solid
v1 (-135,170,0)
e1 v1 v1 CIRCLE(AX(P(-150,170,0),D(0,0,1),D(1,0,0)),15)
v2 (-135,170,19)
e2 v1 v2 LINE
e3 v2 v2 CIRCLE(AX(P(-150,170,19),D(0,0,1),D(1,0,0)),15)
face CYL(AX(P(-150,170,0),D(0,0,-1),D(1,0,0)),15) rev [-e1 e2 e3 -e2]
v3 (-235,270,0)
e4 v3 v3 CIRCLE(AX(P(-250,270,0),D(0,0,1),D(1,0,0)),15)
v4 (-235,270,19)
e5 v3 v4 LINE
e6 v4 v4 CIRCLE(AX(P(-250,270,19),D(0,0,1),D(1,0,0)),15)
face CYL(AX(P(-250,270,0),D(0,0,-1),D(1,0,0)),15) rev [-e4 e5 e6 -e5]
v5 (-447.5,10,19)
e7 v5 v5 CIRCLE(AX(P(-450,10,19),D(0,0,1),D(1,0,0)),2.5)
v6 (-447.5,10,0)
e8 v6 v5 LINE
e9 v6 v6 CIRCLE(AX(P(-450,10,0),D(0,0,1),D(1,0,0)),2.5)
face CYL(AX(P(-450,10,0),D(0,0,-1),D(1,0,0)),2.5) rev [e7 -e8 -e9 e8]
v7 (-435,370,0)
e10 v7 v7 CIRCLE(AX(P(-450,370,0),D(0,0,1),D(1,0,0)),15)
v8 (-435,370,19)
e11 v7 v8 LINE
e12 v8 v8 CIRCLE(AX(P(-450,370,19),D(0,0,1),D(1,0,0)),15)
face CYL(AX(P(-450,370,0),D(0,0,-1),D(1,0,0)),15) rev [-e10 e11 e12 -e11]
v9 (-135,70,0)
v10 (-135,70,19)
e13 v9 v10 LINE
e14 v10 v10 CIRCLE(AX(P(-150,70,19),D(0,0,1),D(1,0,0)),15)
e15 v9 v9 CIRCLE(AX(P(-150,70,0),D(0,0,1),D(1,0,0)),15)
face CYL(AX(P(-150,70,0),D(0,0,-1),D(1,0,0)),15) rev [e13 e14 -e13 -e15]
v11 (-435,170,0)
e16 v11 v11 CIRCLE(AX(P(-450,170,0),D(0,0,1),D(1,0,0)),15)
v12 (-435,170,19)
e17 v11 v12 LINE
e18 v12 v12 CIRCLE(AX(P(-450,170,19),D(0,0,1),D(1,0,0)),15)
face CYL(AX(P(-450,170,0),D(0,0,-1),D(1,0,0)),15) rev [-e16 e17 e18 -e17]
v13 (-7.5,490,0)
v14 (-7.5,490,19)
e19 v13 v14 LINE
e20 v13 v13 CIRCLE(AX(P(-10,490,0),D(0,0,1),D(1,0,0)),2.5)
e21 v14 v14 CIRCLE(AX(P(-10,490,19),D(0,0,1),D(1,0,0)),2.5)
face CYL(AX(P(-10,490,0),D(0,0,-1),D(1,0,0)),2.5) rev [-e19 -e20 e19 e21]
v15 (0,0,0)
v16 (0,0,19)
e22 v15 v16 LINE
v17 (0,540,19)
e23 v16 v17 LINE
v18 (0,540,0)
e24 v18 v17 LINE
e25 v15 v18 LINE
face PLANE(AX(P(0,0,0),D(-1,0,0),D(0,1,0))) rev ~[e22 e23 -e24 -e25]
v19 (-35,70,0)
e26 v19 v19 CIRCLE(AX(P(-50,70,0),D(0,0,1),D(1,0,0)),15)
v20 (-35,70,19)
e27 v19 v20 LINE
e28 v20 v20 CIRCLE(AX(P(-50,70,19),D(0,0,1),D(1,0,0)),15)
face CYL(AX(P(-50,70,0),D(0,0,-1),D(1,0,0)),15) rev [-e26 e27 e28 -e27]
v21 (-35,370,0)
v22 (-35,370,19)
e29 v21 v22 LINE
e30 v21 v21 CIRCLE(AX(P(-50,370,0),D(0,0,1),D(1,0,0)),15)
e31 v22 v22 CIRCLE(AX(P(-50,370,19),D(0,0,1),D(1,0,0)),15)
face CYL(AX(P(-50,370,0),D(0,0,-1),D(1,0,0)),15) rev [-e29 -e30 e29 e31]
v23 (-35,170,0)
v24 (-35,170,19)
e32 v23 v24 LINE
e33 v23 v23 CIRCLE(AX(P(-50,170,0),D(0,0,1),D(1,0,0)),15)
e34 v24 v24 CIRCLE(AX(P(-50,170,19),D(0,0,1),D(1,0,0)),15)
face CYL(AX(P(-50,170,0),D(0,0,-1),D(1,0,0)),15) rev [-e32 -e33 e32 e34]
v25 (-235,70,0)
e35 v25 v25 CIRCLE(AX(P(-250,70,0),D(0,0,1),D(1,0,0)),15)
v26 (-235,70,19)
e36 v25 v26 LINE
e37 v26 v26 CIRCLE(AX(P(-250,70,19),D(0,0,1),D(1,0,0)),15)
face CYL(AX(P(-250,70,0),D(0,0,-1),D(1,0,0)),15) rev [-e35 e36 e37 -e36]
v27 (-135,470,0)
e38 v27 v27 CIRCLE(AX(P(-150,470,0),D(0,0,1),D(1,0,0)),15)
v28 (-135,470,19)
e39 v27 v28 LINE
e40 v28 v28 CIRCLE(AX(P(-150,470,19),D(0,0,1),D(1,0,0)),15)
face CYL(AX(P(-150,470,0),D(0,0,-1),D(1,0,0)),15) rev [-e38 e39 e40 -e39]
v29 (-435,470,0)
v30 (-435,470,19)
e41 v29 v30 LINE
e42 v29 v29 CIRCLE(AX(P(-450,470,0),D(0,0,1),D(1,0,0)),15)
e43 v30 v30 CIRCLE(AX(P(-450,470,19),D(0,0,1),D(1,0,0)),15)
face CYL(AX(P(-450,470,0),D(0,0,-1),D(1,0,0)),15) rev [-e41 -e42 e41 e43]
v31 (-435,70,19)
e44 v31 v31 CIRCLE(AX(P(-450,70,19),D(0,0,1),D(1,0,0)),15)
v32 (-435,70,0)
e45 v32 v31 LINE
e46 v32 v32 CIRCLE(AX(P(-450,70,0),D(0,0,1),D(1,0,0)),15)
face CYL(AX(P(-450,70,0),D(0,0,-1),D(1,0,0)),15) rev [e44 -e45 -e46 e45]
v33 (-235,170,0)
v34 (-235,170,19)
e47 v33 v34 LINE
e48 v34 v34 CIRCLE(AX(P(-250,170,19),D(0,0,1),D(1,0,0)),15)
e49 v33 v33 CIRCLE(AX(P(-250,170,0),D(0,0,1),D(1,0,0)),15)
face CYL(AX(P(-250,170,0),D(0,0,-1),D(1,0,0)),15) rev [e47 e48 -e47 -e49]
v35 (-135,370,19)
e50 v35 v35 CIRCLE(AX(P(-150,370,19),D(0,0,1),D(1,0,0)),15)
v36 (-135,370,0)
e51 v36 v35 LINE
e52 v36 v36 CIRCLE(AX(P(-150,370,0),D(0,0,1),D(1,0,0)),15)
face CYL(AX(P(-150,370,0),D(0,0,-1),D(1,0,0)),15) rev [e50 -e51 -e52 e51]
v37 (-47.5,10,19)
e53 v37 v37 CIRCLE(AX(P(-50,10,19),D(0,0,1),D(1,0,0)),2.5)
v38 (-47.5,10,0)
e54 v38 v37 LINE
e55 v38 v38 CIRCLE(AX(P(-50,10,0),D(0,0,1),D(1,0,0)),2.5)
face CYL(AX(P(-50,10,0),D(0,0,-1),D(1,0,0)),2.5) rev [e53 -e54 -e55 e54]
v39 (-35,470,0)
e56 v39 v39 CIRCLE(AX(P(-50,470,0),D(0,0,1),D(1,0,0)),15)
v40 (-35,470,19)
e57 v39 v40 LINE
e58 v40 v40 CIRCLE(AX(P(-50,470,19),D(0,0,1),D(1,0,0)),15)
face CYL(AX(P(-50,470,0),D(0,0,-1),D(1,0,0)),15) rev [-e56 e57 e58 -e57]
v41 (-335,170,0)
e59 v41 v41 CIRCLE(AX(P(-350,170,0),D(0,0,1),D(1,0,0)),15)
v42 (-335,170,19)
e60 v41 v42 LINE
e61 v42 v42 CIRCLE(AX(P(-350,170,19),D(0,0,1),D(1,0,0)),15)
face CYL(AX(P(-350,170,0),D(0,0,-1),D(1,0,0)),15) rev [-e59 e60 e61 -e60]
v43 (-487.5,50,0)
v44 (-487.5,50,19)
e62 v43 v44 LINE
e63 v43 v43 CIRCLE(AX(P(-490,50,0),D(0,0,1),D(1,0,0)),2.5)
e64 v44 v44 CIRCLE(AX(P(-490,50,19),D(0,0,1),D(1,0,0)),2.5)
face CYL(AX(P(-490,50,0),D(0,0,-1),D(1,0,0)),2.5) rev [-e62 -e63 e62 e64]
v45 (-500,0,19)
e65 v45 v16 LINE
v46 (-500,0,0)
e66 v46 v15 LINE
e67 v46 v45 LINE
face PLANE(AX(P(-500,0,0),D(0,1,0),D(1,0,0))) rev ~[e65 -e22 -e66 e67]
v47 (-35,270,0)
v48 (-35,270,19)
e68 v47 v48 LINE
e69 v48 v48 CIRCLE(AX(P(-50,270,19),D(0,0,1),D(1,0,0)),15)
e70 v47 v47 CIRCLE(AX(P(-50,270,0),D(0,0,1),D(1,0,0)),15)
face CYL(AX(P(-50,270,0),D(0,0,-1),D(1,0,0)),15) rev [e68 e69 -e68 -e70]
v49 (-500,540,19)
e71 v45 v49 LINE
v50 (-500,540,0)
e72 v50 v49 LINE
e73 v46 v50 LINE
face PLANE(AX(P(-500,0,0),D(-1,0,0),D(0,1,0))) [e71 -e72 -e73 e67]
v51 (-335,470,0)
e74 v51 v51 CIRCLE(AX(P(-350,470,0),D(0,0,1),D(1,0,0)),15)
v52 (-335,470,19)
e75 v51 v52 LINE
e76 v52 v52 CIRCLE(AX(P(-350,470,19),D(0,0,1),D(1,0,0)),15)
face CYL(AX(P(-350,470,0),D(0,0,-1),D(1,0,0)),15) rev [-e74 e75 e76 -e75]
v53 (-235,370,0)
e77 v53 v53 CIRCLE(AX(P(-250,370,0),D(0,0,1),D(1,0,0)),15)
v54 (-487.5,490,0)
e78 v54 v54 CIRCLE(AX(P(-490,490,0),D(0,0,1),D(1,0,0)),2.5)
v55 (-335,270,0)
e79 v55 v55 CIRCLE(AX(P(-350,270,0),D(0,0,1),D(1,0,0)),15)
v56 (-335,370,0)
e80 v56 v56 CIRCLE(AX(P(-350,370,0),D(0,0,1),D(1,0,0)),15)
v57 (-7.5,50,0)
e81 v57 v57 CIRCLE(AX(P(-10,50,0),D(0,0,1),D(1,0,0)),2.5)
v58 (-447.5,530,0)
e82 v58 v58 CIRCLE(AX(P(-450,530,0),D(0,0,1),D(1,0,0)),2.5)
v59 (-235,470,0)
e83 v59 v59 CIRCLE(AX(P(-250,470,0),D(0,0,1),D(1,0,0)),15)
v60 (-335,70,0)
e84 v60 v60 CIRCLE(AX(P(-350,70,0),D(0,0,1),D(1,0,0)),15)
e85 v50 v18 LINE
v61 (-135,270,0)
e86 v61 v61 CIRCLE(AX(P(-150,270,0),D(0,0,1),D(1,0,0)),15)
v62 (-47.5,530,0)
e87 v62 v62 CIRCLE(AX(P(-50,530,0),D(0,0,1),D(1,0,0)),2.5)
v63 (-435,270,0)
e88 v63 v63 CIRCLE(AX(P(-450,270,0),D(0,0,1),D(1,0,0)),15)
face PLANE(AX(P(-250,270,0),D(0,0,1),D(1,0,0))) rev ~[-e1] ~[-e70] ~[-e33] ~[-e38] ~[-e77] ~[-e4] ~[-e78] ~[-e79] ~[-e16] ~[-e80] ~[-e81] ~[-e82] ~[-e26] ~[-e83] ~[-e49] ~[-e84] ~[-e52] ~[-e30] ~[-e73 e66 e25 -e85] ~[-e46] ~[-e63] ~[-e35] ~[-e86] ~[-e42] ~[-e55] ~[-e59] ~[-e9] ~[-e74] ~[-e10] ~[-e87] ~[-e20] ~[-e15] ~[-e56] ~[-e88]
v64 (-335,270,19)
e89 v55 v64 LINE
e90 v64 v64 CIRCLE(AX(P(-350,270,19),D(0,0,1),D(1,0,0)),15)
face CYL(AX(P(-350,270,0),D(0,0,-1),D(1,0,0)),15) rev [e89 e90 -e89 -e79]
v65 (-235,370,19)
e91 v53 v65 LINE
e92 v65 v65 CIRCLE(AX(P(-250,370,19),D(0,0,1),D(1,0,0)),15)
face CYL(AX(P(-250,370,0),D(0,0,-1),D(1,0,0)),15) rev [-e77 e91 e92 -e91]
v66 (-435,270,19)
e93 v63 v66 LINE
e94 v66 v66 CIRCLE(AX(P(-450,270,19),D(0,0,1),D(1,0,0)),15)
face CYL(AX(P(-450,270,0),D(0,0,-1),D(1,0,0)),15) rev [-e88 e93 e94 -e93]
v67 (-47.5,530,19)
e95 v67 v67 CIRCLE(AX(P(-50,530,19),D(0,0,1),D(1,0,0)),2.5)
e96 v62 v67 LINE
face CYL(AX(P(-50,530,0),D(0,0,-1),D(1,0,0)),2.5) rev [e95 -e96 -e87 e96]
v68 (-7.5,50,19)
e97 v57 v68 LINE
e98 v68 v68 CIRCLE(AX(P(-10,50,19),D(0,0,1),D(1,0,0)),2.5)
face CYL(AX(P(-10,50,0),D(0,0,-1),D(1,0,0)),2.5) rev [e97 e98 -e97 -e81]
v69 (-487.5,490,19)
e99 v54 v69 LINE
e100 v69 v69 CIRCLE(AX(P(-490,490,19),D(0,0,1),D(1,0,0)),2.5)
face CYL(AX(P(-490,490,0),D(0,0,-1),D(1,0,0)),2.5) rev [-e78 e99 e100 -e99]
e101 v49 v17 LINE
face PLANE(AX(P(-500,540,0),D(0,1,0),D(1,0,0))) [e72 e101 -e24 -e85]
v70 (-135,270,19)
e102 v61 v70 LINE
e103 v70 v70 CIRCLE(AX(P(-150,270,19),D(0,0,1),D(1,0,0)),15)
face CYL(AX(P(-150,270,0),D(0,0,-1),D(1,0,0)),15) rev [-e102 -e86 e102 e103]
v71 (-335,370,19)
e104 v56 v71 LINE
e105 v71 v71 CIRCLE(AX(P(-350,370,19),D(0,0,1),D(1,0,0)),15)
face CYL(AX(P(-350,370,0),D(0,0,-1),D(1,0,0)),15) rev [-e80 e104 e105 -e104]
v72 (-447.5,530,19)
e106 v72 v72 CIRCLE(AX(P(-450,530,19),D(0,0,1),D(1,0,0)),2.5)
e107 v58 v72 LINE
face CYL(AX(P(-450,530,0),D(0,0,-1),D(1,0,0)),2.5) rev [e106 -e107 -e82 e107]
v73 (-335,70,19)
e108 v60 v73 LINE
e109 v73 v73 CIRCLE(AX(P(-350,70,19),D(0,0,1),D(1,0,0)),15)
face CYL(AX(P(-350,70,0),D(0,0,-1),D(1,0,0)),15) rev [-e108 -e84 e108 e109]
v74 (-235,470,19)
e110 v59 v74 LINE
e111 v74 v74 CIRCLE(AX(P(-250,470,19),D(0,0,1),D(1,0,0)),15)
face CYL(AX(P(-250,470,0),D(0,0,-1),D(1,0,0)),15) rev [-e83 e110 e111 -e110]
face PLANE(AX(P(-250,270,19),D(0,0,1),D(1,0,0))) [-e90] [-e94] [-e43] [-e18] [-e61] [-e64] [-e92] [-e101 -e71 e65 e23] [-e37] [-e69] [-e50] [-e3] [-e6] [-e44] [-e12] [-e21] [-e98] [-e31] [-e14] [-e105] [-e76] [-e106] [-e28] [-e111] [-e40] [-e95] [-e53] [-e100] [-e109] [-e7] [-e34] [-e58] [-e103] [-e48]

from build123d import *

# Parameters (mm, degrees)
SKETCH_W      = 500
SKETCH_H      = 540
SKETCH_R      = 15
SKETCH_R_2    = 2.5
EXTRUDE_DEPTH = 19


with BuildPart() as part:
    # Sketch → Extrude (new body)
    with BuildSketch(Plane.XY):
        with Locations((-250, 270)):
            Rectangle(SKETCH_W, SKETCH_H)
        with Locations((-450, 470)):
            Circle(SKETCH_R, mode=Mode.SUBTRACT)
        with Locations((-350, 470)):
            Circle(SKETCH_R, mode=Mode.SUBTRACT)
        with Locations((-250, 470)):
            Circle(SKETCH_R, mode=Mode.SUBTRACT)
        with Locations((-150, 470)):
            Circle(SKETCH_R, mode=Mode.SUBTRACT)
        with Locations((-50, 470)):
            Circle(SKETCH_R, mode=Mode.SUBTRACT)
        with Locations((-450, 370)):
            Circle(SKETCH_R, mode=Mode.SUBTRACT)
        with Locations((-450, 270)):
            Circle(SKETCH_R, mode=Mode.SUBTRACT)
        with Locations((-450, 170)):
            Circle(SKETCH_R, mode=Mode.SUBTRACT)
        with Locations((-450, 70)):
            Circle(SKETCH_R, mode=Mode.SUBTRACT)
        with Locations((-350, 370)):
            Circle(SKETCH_R, mode=Mode.SUBTRACT)
        with Locations((-250, 370)):
            Circle(SKETCH_R, mode=Mode.SUBTRACT)
        with Locations((-150, 370)):
            Circle(SKETCH_R, mode=Mode.SUBTRACT)
        with Locations((-50, 370)):
            Circle(SKETCH_R, mode=Mode.SUBTRACT)
        with Locations((-350, 270)):
            Circle(SKETCH_R, mode=Mode.SUBTRACT)
        with Locations((-250, 270)):
            Circle(SKETCH_R, mode=Mode.SUBTRACT)
        with Locations((-150, 270)):
            Circle(SKETCH_R, mode=Mode.SUBTRACT)
        with Locations((-50, 270)):
            Circle(SKETCH_R, mode=Mode.SUBTRACT)
        with Locations((-350, 170)):
            Circle(SKETCH_R, mode=Mode.SUBTRACT)
        with Locations((-250, 170)):
            Circle(SKETCH_R, mode=Mode.SUBTRACT)
        with Locations((-150, 170)):
            Circle(SKETCH_R, mode=Mode.SUBTRACT)
        with Locations((-50, 170)):
            Circle(SKETCH_R, mode=Mode.SUBTRACT)
        with Locations((-350, 70)):
            Circle(SKETCH_R, mode=Mode.SUBTRACT)
        with Locations((-250, 70)):
            Circle(SKETCH_R, mode=Mode.SUBTRACT)
        with Locations((-150, 70)):
            Circle(SKETCH_R, mode=Mode.SUBTRACT)
        with Locations((-50, 70)):
            Circle(SKETCH_R, mode=Mode.SUBTRACT)
        with Locations((-450, 530)):
            Circle(SKETCH_R_2, mode=Mode.SUBTRACT)
        with Locations((-490, 490)):
            Circle(SKETCH_R_2, mode=Mode.SUBTRACT)
        with Locations((-50, 530)):
            Circle(SKETCH_R_2, mode=Mode.SUBTRACT)
        with Locations((-10, 490)):
            Circle(SKETCH_R_2, mode=Mode.SUBTRACT)
        with Locations((-490, 50)):
            Circle(SKETCH_R_2, mode=Mode.SUBTRACT)
        with Locations((-450, 10)):
            Circle(SKETCH_R_2, mode=Mode.SUBTRACT)
        with Locations((-10, 50)):
            Circle(SKETCH_R_2, mode=Mode.SUBTRACT)
        with Locations((-50, 10)):
            Circle(SKETCH_R_2, mode=Mode.SUBTRACT)
    extrude(amount=EXTRUDE_DEPTH)


solid = part.part
